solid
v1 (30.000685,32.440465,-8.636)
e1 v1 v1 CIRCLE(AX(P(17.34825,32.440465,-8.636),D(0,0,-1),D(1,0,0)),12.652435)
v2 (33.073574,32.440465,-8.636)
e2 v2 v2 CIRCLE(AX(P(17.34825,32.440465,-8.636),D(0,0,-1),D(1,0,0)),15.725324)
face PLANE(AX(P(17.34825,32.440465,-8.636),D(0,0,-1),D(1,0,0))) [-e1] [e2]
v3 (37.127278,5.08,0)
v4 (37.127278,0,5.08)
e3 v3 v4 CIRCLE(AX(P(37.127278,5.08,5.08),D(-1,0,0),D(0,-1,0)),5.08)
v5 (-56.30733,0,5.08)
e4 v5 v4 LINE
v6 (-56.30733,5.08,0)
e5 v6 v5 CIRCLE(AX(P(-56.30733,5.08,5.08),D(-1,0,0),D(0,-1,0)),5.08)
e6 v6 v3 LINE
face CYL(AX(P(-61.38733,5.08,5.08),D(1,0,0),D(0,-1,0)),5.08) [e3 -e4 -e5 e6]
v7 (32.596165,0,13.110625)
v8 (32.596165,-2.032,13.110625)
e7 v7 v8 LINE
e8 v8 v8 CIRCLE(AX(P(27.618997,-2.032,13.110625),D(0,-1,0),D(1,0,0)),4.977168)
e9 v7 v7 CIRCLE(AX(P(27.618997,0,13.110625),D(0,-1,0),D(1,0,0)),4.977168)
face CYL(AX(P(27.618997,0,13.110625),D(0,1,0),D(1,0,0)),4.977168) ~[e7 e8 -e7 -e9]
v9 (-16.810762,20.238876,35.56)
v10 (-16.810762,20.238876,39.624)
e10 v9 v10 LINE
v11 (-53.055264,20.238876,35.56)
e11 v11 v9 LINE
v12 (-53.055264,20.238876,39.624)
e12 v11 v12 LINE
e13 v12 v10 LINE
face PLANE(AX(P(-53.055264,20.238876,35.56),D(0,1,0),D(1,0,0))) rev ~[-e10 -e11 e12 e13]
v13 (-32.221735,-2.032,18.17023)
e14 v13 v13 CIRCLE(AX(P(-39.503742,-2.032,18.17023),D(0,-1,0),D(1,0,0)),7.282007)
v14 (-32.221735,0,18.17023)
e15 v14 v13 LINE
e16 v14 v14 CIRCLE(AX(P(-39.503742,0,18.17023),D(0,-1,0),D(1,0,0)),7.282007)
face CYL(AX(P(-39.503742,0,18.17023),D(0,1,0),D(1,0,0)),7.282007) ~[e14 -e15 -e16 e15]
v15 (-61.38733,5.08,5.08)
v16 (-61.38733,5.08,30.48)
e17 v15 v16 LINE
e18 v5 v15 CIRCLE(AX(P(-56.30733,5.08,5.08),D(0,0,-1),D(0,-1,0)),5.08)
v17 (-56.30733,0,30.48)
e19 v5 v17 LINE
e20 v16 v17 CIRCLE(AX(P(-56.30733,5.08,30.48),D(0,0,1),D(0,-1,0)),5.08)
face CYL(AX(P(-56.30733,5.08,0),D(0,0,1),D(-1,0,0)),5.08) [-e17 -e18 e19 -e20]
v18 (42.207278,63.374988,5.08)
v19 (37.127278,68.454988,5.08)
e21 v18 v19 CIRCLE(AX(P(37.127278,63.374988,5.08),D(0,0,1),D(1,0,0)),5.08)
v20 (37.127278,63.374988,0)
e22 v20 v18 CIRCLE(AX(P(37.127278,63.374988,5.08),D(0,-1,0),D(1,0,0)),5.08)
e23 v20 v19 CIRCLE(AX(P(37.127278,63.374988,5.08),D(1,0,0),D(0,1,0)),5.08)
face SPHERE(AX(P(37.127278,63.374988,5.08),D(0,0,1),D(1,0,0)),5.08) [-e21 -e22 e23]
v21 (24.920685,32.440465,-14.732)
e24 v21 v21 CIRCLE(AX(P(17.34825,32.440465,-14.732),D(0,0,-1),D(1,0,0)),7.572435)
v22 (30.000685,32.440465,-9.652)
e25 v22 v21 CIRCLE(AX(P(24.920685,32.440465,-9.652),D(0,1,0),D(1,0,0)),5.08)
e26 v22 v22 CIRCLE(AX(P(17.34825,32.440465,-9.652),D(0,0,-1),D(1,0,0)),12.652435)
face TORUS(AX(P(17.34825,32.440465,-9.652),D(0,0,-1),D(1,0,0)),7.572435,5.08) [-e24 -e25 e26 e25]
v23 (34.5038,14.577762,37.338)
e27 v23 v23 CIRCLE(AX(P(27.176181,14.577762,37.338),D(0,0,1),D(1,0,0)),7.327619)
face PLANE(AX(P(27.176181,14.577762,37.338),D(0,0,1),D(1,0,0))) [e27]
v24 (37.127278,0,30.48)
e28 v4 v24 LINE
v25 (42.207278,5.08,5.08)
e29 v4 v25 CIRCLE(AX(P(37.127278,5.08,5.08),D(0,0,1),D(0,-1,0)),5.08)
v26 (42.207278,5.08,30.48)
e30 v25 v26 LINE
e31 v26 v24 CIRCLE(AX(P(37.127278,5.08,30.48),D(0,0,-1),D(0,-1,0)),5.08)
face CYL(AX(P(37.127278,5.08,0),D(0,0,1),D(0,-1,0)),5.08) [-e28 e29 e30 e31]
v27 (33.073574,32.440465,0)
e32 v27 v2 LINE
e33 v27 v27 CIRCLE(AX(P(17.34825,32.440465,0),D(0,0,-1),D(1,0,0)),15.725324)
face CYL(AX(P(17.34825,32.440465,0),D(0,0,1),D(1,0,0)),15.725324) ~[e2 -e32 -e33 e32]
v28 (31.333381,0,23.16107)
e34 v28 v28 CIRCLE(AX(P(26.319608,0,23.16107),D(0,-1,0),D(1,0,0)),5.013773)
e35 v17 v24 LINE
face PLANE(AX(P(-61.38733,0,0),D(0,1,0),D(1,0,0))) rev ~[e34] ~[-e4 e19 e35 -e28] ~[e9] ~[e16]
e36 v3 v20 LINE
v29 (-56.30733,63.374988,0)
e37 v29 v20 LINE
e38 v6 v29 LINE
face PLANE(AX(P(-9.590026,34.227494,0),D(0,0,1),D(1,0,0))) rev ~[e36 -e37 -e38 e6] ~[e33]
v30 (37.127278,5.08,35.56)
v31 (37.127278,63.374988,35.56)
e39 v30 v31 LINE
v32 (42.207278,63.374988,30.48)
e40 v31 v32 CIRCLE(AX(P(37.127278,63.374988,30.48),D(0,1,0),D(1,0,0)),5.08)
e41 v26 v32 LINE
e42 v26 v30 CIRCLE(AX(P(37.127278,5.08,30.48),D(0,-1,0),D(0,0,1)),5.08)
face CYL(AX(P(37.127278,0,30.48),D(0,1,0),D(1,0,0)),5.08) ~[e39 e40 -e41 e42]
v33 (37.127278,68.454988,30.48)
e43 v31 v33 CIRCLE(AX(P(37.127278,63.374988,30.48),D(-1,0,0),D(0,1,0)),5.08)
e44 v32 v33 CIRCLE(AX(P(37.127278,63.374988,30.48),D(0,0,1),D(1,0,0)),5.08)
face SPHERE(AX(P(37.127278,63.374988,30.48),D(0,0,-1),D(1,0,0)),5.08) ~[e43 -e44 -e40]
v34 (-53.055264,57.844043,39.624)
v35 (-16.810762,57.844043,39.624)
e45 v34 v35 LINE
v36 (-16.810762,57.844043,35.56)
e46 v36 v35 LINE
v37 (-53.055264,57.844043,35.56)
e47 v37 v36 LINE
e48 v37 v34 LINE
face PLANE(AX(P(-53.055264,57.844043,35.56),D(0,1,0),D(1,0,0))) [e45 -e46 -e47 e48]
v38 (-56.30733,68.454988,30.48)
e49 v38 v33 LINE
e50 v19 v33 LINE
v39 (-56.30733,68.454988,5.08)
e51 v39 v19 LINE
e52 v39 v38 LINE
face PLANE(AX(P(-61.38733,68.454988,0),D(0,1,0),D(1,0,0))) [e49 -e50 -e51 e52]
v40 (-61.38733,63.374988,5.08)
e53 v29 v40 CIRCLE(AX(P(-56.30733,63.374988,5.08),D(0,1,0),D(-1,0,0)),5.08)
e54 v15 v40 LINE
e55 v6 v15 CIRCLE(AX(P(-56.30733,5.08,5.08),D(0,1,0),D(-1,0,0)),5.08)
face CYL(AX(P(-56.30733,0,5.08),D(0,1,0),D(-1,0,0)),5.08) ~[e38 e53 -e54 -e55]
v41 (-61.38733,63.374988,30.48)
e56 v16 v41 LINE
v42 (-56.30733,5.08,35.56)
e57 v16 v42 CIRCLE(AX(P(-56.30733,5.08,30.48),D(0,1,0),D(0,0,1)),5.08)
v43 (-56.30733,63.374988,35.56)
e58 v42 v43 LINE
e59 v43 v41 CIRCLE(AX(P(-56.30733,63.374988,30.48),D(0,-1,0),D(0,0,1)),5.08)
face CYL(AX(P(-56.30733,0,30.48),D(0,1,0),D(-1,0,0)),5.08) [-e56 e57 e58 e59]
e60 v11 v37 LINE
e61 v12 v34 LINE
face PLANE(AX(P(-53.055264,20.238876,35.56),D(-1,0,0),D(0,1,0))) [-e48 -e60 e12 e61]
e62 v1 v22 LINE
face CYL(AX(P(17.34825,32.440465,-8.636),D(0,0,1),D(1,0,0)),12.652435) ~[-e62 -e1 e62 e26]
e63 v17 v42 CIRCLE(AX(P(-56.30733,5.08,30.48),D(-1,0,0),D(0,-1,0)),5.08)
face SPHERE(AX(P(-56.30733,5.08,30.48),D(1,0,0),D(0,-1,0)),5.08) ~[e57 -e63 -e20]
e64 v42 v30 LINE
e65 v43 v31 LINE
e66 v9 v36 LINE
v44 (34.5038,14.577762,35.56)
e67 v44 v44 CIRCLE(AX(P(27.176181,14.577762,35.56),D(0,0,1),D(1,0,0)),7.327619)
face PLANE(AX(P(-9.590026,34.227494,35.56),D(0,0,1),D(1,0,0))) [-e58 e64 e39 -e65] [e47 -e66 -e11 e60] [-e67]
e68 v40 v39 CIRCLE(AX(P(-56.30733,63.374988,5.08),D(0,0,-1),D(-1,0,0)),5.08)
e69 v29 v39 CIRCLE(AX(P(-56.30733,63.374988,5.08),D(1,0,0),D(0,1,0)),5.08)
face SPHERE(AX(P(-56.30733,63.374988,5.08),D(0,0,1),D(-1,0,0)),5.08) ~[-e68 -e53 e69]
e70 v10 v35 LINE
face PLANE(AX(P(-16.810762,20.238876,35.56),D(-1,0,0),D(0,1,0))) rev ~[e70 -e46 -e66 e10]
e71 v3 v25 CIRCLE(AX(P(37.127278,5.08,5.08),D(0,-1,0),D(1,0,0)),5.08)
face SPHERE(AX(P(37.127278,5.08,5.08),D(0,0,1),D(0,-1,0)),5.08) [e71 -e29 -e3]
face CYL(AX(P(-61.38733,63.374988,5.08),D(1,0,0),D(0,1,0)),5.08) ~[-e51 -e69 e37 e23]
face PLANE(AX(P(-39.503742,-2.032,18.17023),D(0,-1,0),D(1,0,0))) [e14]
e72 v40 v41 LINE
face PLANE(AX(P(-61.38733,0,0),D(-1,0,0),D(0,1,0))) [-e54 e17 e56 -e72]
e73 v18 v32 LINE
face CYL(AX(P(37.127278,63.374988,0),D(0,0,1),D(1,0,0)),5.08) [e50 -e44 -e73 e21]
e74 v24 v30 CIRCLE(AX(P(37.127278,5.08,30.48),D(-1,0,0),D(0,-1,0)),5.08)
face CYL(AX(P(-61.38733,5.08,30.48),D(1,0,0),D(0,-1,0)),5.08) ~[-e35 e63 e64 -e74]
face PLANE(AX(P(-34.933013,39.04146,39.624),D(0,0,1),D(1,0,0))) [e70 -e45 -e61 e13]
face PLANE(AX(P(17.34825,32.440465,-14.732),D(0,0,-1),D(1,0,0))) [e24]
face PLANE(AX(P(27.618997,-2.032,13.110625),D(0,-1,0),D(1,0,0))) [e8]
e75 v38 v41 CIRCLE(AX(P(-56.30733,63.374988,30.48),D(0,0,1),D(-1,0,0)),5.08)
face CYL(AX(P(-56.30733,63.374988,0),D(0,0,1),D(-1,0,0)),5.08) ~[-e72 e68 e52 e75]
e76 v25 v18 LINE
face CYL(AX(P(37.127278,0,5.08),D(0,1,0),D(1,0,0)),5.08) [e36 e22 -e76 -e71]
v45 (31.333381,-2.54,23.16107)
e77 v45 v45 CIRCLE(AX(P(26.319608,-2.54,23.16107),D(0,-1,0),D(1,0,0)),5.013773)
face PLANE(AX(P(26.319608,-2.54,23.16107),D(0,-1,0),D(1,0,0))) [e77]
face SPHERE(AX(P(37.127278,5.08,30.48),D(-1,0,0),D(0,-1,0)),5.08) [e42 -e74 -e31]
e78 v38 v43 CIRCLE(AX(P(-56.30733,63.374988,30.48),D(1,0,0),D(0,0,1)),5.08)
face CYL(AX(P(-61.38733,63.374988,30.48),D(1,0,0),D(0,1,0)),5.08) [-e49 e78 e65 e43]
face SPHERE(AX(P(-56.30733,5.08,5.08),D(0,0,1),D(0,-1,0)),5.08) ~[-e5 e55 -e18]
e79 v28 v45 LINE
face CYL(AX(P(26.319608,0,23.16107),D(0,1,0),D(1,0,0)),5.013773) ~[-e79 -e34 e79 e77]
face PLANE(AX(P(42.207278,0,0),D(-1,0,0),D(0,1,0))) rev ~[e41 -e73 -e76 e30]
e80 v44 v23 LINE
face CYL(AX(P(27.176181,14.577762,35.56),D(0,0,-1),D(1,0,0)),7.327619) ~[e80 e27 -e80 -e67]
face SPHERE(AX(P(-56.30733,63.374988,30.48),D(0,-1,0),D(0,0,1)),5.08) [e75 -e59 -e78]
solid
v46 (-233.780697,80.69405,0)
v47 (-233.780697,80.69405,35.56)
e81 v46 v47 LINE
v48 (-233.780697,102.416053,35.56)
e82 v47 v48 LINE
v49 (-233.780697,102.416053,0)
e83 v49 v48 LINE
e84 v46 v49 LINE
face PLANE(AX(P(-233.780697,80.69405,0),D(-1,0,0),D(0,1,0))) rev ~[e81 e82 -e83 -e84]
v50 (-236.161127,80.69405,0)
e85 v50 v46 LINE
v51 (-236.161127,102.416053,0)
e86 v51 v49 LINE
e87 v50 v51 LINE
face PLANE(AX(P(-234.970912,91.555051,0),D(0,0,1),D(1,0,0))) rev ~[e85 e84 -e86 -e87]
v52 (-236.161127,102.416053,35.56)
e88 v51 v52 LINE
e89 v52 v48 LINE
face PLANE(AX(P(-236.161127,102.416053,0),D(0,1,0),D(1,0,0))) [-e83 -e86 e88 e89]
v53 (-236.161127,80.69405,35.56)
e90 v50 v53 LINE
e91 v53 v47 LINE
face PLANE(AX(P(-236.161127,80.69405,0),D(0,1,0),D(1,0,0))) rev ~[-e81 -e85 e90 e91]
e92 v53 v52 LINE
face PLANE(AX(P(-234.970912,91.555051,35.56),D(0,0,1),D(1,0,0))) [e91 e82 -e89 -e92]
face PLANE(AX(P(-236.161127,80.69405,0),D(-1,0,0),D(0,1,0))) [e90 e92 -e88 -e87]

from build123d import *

# Parameters (mm, degrees)
F0_W      = 103.594608
F0_H      = 68.454988
F0_W_2    = 2.380431
F0_H_2    = 21.722003
F1_DEPTH  = 35.56
F2_R      = 5.08
F3_R      = 15.725324
F4_DEPTH  = 8.636
F5_R      = 12.652435
F6_DEPTH  = 6.096
F7_R      = 5.08
F8_W      = 36.244502
F8_H      = 37.605167
F9_DEPTH  = 4.064
F10_R     = 7.282007
F11_DEPTH = 2.032
F12_R     = 4.977168
F13_DEPTH = 2.032
F14_R     = 5.013773
F15_DEPTH = 2.54
F16_R     = 7.327619
F17_DEPTH = 1.778


with BuildPart() as f1:
    # F0 (on Top) → F1 (new body)
    with BuildSketch(Plane.XY):
        with Locations((-9.590026, 34.227494)):
            Rectangle(F0_W, F0_H)
        with Locations((-234.970912, 91.555051)):
            Rectangle(F0_W_2, F0_H_2)
    extrude(amount=F1_DEPTH)

    # F2
    f2_edges = [f1.edges().sort_by_distance(p)[0] for p in [
        (-9.590026, 0, 35.56),
        (-61.38733, 0, 17.78),
        (42.207278, 0, 17.78),
        (-9.590026, 0, 0),
        (42.207278, 68.454988, 17.78),
        (42.207278, 34.227494, 0),
        (42.207278, 34.227494, 35.56),
        (-61.38733, 34.227494, 35.56),
        (-9.590026, 68.454988, 35.56),
        (-61.38733, 68.454988, 17.78),
        (-61.38733, 34.227494, 0),
        (-9.590026, 68.454988, 0),
    ]]
    fillet(f2_edges, radius=F2_R)

    # F3 (on face) → F4 (join)
    with BuildSketch(Plane(origin=(0, 0, 0), x_dir=(1, 0, 0), z_dir=(0, 0, -1))):
        with Locations((17.34825, -32.440465)):
            Circle(F3_R)
    extrude(amount=F4_DEPTH)

    # F5 (on face) → F6 (join)
    with BuildSketch(Plane(origin=(0, 0, -8.636), x_dir=(1, 0, 0), z_dir=(0, 0, -1))):
        with Locations((17.34825, -32.440465)):
            Circle(F5_R)
    extrude(amount=F6_DEPTH)

    # F7
    f7_edges = [f1.edges().sort_by_distance(p)[0] for p in [
        (4.695815, 32.440465, -14.732),
    ]]
    fillet(f7_edges, radius=F7_R)

    # F8 (on face) → F9 (join)
    with BuildSketch(Plane.XY.offset(35.56)):
        with Locations((-34.933013, 39.04146)):
            Rectangle(F8_W, F8_H)
    extrude(amount=F9_DEPTH)

    # F10 (on face) → F11 (join)
    with BuildSketch(Plane.XZ):
        with Locations((-39.503742, 18.17023)):
            Circle(F10_R)
    extrude(amount=F11_DEPTH)

    # F12 (on face) → F13 (join)
    with BuildSketch(Plane.XZ):
        with Locations((27.618997, 13.110625)):
            Circle(F12_R)
    extrude(amount=F13_DEPTH)

    # F14 (on face) → F15 (join)
    with BuildSketch(Plane.XZ):
        with Locations((26.319608, 23.16107)):
            Circle(F14_R)
    extrude(amount=F15_DEPTH)

    # F16 (on face) → F17 (join)
    with BuildSketch(Plane.XY.offset(35.56)):
        with Locations((27.176181, 14.577762)):
            Circle(F16_R)
    extrude(amount=F17_DEPTH)


solid = f1.part
